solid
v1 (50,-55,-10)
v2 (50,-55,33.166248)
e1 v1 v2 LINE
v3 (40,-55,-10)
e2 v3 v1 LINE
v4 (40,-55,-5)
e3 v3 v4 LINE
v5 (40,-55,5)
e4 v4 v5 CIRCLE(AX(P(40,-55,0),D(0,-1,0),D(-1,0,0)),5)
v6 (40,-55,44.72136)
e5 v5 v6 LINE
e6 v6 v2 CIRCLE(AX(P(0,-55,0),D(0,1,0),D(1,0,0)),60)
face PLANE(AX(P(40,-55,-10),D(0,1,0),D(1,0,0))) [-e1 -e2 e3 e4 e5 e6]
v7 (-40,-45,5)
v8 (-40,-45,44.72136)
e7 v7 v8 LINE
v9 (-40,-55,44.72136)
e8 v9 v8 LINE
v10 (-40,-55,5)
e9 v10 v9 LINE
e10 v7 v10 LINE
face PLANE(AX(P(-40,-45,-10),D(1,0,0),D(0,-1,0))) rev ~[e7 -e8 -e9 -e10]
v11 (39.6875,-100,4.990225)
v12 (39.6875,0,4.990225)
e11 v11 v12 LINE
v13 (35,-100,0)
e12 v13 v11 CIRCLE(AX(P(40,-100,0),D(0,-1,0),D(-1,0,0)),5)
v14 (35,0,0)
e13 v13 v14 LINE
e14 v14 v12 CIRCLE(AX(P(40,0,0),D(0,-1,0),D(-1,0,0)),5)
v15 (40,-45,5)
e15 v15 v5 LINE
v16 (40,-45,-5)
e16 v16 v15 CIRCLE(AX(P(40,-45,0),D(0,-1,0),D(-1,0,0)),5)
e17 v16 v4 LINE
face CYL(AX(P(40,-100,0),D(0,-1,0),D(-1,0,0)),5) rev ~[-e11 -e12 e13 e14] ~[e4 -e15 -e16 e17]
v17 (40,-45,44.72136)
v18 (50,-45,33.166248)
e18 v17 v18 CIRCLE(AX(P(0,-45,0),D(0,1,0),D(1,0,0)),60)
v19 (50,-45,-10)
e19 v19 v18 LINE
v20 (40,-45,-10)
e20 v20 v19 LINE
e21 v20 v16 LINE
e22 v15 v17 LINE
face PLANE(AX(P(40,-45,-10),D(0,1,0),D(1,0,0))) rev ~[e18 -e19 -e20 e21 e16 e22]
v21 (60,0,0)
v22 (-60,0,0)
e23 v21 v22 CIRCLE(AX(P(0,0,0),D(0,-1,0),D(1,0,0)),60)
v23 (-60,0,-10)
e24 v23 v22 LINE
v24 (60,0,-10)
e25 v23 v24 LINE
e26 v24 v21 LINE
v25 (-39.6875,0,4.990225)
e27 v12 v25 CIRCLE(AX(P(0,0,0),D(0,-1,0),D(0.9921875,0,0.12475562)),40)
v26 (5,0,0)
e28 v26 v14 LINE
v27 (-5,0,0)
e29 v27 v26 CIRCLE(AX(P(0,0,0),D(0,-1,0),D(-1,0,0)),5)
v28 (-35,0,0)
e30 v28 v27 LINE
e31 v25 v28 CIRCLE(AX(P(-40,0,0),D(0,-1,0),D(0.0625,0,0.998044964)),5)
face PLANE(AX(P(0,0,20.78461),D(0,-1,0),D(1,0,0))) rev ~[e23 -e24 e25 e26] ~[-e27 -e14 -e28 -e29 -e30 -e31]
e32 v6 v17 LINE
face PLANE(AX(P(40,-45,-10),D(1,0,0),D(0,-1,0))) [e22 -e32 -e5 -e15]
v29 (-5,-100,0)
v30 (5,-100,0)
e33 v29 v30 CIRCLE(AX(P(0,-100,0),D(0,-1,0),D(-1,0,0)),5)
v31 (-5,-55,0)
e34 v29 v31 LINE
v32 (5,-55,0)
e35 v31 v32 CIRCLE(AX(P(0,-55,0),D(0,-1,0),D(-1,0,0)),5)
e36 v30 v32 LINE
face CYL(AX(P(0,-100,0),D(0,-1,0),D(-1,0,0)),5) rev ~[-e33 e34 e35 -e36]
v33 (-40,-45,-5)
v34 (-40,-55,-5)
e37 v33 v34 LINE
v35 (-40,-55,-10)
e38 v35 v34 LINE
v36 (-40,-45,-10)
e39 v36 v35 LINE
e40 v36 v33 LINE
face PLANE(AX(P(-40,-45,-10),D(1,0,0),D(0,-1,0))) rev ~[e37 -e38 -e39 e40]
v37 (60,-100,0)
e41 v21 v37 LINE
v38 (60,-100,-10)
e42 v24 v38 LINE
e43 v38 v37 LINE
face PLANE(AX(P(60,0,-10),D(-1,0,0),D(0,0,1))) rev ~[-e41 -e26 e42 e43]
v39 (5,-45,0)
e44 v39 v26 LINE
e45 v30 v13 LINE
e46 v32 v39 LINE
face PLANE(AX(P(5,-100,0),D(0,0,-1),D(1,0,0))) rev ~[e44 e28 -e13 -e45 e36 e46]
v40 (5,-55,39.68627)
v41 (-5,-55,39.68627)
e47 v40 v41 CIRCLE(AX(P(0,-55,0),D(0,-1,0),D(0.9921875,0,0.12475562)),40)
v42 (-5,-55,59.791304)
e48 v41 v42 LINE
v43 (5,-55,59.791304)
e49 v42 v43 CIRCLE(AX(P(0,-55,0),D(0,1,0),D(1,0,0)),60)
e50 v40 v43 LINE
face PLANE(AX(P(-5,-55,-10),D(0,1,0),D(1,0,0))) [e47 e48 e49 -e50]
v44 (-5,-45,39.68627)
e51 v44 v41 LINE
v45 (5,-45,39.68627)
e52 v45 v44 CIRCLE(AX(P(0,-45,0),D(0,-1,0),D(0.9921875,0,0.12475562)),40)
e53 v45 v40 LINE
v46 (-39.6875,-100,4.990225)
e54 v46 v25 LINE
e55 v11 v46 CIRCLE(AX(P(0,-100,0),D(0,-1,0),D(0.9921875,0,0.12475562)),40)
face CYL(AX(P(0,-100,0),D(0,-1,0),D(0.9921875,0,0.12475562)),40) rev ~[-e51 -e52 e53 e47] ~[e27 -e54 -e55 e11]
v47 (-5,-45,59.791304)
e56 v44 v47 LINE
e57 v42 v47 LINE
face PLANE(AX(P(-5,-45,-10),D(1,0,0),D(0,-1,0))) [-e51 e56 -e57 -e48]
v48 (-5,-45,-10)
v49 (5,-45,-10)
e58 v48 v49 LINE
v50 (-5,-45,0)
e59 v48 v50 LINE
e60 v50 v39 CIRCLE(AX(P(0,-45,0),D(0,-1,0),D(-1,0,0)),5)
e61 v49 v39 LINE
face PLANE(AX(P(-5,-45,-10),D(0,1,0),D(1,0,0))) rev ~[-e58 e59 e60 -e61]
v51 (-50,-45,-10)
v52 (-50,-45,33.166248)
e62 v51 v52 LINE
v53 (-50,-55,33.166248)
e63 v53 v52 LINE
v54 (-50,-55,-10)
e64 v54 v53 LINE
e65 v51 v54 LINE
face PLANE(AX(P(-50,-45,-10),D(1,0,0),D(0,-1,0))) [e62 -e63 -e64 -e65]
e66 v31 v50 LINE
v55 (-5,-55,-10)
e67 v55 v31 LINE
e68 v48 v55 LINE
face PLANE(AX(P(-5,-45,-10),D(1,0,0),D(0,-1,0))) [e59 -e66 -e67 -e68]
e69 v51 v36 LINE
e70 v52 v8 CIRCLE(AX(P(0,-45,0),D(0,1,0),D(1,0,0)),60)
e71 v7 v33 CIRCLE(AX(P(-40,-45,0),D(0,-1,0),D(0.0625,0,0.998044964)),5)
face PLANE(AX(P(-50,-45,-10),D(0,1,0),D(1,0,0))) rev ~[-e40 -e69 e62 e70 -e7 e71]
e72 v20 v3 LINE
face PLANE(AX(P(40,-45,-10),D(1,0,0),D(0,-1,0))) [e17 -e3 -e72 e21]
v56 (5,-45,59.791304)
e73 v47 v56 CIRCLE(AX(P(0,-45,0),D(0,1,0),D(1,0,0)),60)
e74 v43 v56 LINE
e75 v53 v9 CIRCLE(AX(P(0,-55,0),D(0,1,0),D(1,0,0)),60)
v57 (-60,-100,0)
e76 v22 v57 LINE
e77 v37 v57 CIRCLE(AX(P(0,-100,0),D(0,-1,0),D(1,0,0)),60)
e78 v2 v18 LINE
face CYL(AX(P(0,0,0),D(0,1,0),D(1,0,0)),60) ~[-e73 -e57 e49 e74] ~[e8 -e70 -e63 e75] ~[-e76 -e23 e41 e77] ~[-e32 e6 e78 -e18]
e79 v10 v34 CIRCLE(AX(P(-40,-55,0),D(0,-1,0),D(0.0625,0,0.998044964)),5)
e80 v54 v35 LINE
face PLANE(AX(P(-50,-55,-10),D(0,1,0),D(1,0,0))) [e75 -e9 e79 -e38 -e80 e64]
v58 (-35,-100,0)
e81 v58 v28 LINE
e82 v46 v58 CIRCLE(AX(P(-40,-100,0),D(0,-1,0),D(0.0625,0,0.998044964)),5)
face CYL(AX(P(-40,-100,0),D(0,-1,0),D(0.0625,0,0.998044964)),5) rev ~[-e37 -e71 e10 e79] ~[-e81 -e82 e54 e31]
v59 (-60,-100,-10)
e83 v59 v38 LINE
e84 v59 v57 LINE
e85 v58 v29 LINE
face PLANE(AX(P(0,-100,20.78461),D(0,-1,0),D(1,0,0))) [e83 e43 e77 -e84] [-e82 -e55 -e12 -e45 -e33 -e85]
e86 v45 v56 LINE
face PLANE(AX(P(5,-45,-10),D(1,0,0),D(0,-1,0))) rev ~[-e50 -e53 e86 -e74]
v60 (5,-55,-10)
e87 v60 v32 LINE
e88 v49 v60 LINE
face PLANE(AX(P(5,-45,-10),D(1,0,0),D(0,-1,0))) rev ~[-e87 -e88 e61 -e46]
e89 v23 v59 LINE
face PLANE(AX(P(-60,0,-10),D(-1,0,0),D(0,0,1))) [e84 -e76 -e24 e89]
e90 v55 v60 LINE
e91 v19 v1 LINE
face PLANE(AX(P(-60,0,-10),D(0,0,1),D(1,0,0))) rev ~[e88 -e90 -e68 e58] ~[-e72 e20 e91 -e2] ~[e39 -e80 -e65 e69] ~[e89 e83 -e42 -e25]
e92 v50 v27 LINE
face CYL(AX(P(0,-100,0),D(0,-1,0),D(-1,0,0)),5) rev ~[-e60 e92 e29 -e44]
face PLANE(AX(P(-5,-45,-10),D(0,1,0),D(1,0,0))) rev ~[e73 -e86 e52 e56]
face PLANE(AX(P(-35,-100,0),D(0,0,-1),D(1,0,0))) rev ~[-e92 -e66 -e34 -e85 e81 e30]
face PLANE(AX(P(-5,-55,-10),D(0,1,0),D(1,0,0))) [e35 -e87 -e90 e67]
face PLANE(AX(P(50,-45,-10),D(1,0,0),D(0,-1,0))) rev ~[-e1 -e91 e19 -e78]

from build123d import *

# Parameters (mm, degrees)
F0_W     = 120
F0_H     = 10
F1_DEPTH = 100
F3_DEPTH = 100.001
F4_W     = 10
F4_H     = 10
F5_DEPTH = 70.001


with BuildPart() as f1:
    # F0 (on Front) → F1 (new body)
    with BuildSketch(Plane.XZ):
        with BuildLine():
            Line((-60, 0), (60, 0))
            ThreePointArc((60, 0), (0, 60), (-60, 0))
        make_face()
        with Locations((0, -5)):
            Rectangle(F0_W, F0_H)
    extrude(amount=F1_DEPTH)

    # F2 (on face) → F3 (cut, through all)
    with BuildSketch(Plane.XZ.offset(100)):
        with BuildLine():
            ThreePointArc((35, 0), (43.6443449343, -3.4232659844), (39.6875, 4.9902248196))
            ThreePointArc((39.6875, 4.9902248196), (0, 40), (-39.6875, 4.9902248196))
            ThreePointArc((-39.6875, 4.9902248196), (-43.6443449343, -3.4232659844), (-35, 0))
            Line((-35, 0), (-5, 0))
            ThreePointArc((-5, 0), (0, 5), (5, 0))
            Line((5, 0), (35, 0))
        make_face()
        with BuildLine():
            ThreePointArc((-5, 0), (0, -5), (5, 0))
            Line((5, 0), (-5, 0))
        make_face()
        with BuildLine():
            Line((-5, 0), (5, 0))
            ThreePointArc((5, 0), (0, 5), (-5, 0))
        make_face()
    extrude(amount=-F3_DEPTH, mode=Mode.SUBTRACT)

    # F4 (on face) → F5 (cut, through all)
    with BuildSketch(Plane(origin=(0, 0, -10), x_dir=(1, 0, 0), z_dir=(0, 0, -1))):
        with Locations((-45, 50)):
            Rectangle(F4_W, F4_H)
        with Locations((0, 50)):
            Rectangle(F4_W, F4_H)
        with Locations((45, 50)):
            Rectangle(F4_W, F4_H)
    extrude(amount=-F5_DEPTH, mode=Mode.SUBTRACT)


solid = f1.part
